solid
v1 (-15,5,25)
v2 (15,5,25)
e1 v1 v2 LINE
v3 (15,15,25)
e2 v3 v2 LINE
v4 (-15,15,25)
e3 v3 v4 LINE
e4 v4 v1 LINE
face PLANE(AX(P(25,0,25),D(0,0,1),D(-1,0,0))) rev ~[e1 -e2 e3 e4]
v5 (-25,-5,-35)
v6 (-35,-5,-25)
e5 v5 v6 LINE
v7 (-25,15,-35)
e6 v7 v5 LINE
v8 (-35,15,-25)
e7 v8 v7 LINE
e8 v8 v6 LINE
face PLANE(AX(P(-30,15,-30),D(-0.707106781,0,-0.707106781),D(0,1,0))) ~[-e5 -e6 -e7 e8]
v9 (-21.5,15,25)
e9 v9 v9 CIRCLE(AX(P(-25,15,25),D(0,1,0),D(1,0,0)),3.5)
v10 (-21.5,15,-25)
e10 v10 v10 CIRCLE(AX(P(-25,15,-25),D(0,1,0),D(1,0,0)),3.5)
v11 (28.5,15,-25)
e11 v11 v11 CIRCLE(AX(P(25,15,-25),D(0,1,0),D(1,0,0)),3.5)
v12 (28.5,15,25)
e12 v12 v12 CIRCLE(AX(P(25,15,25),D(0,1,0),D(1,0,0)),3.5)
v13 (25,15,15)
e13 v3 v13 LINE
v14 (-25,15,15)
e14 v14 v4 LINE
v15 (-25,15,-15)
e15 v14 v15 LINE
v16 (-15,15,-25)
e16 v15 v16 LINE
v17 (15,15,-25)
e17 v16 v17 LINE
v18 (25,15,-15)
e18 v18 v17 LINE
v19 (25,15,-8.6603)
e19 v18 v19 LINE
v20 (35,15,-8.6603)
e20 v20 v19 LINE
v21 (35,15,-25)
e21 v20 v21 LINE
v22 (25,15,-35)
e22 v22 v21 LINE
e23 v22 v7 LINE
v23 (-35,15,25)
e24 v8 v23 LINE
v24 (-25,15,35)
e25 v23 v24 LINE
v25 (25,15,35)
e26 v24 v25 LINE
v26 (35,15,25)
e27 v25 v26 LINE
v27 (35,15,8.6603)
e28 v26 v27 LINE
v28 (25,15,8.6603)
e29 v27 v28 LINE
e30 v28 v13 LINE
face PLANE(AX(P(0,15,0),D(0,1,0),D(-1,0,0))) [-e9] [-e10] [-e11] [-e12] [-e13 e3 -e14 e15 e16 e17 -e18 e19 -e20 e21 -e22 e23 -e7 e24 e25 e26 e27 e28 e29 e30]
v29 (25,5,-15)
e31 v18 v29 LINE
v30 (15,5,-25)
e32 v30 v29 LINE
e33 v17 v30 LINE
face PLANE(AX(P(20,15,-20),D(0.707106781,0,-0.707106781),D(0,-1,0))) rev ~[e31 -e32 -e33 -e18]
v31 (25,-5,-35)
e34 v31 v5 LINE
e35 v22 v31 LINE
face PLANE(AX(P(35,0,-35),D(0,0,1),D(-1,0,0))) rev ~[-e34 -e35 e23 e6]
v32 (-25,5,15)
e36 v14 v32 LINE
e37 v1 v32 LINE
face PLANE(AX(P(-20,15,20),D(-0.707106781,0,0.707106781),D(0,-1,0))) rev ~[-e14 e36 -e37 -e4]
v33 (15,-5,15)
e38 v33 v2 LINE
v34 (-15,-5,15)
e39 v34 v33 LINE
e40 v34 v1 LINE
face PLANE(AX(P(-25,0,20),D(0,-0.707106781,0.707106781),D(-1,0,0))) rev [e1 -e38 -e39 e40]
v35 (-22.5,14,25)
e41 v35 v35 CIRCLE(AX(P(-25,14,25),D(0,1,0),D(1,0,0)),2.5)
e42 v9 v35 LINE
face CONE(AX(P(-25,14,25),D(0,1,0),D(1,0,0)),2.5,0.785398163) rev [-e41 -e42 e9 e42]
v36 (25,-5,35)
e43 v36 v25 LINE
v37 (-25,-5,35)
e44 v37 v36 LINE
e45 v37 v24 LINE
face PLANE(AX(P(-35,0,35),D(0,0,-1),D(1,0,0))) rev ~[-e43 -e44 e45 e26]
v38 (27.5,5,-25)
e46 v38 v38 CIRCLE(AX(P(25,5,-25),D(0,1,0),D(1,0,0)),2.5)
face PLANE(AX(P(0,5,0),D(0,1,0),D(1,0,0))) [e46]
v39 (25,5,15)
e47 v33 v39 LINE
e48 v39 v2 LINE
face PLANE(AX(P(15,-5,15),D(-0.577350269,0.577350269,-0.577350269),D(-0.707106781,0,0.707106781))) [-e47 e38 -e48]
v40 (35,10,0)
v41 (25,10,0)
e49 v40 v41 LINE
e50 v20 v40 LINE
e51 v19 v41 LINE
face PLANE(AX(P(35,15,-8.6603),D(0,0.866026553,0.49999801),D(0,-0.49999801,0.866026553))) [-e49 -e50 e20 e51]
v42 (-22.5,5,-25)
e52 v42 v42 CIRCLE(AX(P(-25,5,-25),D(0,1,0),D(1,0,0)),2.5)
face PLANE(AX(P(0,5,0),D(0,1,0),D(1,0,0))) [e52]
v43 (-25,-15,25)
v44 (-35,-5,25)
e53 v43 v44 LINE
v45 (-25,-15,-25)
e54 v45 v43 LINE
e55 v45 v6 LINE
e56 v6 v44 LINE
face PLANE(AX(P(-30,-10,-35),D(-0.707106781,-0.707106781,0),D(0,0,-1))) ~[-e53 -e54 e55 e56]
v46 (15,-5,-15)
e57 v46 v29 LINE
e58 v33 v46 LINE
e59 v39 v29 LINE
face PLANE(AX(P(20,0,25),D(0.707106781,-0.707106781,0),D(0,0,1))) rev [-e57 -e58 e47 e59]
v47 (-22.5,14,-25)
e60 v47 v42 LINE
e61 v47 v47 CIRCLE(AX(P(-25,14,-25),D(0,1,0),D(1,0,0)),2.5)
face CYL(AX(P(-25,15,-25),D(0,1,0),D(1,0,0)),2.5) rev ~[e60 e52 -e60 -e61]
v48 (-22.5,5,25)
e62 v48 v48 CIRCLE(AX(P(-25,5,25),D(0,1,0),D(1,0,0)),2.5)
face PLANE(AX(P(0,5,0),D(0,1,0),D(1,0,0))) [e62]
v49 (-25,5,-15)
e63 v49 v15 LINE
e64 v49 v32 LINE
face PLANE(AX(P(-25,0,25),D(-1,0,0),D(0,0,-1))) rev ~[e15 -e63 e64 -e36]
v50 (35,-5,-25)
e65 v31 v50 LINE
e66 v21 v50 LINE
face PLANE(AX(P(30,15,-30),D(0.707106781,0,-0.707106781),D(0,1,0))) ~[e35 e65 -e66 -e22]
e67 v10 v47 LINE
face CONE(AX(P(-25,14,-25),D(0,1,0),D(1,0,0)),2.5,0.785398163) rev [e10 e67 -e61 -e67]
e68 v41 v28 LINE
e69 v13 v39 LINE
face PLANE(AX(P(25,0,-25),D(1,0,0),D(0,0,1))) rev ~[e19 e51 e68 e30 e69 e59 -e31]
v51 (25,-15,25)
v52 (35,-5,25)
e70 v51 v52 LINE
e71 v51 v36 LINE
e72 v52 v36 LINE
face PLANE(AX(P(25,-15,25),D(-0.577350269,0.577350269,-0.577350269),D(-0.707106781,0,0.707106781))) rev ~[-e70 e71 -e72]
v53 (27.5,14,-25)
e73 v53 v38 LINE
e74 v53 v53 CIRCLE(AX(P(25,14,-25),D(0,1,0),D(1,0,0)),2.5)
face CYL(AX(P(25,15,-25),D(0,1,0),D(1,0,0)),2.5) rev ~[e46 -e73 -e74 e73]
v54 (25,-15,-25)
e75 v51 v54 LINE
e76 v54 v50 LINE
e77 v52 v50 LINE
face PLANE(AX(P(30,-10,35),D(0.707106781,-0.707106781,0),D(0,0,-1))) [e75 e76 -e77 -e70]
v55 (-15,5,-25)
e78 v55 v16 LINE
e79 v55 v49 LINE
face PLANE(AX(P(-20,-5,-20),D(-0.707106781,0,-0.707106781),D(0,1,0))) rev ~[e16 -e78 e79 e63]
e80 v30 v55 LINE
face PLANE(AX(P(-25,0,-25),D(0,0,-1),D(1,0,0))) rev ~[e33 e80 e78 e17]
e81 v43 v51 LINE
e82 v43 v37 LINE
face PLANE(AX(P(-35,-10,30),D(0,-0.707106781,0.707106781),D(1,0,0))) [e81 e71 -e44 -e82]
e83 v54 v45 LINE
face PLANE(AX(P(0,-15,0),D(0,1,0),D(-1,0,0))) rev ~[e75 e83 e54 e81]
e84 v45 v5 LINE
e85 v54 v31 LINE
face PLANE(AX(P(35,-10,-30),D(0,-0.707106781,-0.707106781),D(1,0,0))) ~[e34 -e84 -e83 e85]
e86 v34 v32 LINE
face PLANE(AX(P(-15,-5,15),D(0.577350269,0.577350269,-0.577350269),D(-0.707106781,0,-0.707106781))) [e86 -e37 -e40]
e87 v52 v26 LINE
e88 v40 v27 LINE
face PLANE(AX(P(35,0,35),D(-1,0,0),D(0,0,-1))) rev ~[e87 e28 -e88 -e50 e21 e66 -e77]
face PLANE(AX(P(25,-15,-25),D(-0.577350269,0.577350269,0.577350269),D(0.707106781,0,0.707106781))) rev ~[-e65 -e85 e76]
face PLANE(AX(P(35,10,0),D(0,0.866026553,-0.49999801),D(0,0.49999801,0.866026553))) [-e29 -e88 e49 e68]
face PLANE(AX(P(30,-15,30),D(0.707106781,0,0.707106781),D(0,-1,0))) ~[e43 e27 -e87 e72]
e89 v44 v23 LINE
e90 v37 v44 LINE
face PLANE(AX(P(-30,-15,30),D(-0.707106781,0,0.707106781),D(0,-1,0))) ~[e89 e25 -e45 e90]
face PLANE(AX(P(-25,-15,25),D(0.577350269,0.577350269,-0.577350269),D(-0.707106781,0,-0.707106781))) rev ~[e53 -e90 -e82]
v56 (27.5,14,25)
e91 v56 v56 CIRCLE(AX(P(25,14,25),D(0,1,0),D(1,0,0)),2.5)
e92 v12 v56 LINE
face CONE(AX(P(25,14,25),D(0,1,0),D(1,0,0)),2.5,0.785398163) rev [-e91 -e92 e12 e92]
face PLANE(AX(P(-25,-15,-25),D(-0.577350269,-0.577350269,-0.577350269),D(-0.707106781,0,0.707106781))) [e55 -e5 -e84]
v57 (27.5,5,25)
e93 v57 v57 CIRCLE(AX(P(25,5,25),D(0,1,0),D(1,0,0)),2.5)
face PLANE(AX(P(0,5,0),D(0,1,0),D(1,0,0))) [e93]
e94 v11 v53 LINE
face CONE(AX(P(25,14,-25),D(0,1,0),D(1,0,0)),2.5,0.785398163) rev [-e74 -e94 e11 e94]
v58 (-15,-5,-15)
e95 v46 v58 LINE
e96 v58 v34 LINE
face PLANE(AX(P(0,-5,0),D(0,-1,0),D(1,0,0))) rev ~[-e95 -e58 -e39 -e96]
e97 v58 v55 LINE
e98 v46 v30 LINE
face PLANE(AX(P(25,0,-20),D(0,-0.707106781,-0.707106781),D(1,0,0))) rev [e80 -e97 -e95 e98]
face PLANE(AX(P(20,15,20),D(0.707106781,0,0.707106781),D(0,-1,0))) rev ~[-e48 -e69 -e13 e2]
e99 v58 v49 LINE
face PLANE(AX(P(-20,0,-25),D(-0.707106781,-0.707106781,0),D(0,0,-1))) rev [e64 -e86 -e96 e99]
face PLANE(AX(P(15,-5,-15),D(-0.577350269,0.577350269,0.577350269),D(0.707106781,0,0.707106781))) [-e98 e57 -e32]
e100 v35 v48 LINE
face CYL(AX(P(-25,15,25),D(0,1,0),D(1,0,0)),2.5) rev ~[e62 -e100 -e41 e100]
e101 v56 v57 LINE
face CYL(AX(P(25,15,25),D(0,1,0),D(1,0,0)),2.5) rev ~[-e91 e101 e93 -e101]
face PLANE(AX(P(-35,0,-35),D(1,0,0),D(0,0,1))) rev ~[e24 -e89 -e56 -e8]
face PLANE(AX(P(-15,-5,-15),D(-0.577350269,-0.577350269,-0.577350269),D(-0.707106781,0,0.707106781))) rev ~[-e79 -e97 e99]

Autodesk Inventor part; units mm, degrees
ref_plane "YZ Plane" through (0, 0, 0) normal (1, 0, 0) x (0, 1, 0)
ref_plane "XZ Plane" through (0, 0, 0) normal (0, 1, 0) x (-1, 0, 0)
ref_plane "XY Plane" through (0, 0, 0) normal (0, 0, 1) x (1, 0, 0)
sketch "Sketch2" plane through (0, 0, 0) normal (0, 1, 0) x (-1, 0, 0)
  line L0 (25, -25) -> (-25, -25)
  line L1 (-25, -25) -> (-25, 25)
  line L2 (-25, 25) -> (25, 25)
  line L3 (25, 25) -> (25, -25)
  line L4 (25, -25) -> (-25, 25) construction
  line L5 (-25, -25) -> (25, 25) construction
  line L6 (35, 35) -> (-35, 35)
  line L7 (-35, 35) -> (-35, -35)
  line L8 (-35, -35) -> (35, -35)
  line L9 (35, -35) -> (35, 35)
  point P0 (0, 0)
  dimension "d0" = 50
  dimension "d1" = 10
  dimension "d19" = 50
extrude "Extrusion1" add sketch "Sketch2" along normal mid plane 30
sketch "Sketch3" plane through (0, -15, 0) normal (0, -1, 0) x (1, 0, 0)
  line L0 (35, -35) -> (35, 35) projected
  line L1 (35, 35) -> (-35, 35) projected
  line L2 (-35, 35) -> (-35, -35) projected
  line L3 (-35, -35) -> (35, -35) projected
  point P0 (0, 0)
extrude "Extrusion2" add sketch "Sketch3" against normal blind 10
chamfer "Chamfer1" distance 10 angle 45 16 edges at (35, 0, 35) (25, 5, 25) (-25, 5, 25) (-35, 0, 35) (-25, 5, -25) (25, 5, -25) (-35, 0, -35) (35, 0, -35) (0, -5, -25) (25, -5, 0) (0, -5, 25) (-25, -5, 0) (0, -15, -35) (35, -15, 0) (0, -15, 35) (-35, -15, 0)
sketch "Sketch4" plane through (35, -5, -25) normal (1, 0, 0) x (0, 0, -1)
  line L0 (0, 20) -> (0, 0) construction
  line L1 (-50, 20) -> (0, 20) construction
  line L2 (-16.3397, 30) -> (-16.3397, 20)
  line L3 (-16.3397, 20) -> (-25, 15)
  line L4 (-25, 15) -> (-33.6603, 20)
  line L5 (-33.6603, 20) -> (-33.6603, 30)
  line L6 (-33.6603, 30) -> (-25, 35)
  line L7 (-25, 35) -> (-16.3397, 30)
  point P0 (-25, 5)
  point P1 (-25, 25)
  dimension "d9" = 10
  dimension "d10" = 5
  dimension "d20" = 0
extrude "Extrusion3" cut sketch "Sketch4" against normal blind 10
sketch "Sketch5" plane through (0, 15, 0) normal (0, 1, 0) x (1, 0, 0)
  line L0 (-25, 25) -> (-25, 35) construction
  circle A0 centre (-25, 25) radius 2.5
  line L1 (25, 25) -> (35, 25) construction
  circle A1 centre (25, 25) radius 2.5
  line L2 (-25, -25) -> (-35, -25) construction
  circle A2 centre (-25, -25) radius 2.5
  line L3 (-25, -25) -> (25, -25) construction
  circle A3 centre (25, -25) radius 2.5
  point P0 (0, 0)
  dimension "d13" = 5
  dimension "d14" = 5
  dimension "d15" = 5
  dimension "d16" = 5
extrude "Extrusion4" cut sketch "Sketch5" against normal blind 10
chamfer "Chamfer2" distance 1 angle 45 4 edges at (-27.5, 15, 25) (-27.5, 15, -25) (22.5, 15, 25) (22.5, 15, -25)
properties part number "pokemon_ball_white"
